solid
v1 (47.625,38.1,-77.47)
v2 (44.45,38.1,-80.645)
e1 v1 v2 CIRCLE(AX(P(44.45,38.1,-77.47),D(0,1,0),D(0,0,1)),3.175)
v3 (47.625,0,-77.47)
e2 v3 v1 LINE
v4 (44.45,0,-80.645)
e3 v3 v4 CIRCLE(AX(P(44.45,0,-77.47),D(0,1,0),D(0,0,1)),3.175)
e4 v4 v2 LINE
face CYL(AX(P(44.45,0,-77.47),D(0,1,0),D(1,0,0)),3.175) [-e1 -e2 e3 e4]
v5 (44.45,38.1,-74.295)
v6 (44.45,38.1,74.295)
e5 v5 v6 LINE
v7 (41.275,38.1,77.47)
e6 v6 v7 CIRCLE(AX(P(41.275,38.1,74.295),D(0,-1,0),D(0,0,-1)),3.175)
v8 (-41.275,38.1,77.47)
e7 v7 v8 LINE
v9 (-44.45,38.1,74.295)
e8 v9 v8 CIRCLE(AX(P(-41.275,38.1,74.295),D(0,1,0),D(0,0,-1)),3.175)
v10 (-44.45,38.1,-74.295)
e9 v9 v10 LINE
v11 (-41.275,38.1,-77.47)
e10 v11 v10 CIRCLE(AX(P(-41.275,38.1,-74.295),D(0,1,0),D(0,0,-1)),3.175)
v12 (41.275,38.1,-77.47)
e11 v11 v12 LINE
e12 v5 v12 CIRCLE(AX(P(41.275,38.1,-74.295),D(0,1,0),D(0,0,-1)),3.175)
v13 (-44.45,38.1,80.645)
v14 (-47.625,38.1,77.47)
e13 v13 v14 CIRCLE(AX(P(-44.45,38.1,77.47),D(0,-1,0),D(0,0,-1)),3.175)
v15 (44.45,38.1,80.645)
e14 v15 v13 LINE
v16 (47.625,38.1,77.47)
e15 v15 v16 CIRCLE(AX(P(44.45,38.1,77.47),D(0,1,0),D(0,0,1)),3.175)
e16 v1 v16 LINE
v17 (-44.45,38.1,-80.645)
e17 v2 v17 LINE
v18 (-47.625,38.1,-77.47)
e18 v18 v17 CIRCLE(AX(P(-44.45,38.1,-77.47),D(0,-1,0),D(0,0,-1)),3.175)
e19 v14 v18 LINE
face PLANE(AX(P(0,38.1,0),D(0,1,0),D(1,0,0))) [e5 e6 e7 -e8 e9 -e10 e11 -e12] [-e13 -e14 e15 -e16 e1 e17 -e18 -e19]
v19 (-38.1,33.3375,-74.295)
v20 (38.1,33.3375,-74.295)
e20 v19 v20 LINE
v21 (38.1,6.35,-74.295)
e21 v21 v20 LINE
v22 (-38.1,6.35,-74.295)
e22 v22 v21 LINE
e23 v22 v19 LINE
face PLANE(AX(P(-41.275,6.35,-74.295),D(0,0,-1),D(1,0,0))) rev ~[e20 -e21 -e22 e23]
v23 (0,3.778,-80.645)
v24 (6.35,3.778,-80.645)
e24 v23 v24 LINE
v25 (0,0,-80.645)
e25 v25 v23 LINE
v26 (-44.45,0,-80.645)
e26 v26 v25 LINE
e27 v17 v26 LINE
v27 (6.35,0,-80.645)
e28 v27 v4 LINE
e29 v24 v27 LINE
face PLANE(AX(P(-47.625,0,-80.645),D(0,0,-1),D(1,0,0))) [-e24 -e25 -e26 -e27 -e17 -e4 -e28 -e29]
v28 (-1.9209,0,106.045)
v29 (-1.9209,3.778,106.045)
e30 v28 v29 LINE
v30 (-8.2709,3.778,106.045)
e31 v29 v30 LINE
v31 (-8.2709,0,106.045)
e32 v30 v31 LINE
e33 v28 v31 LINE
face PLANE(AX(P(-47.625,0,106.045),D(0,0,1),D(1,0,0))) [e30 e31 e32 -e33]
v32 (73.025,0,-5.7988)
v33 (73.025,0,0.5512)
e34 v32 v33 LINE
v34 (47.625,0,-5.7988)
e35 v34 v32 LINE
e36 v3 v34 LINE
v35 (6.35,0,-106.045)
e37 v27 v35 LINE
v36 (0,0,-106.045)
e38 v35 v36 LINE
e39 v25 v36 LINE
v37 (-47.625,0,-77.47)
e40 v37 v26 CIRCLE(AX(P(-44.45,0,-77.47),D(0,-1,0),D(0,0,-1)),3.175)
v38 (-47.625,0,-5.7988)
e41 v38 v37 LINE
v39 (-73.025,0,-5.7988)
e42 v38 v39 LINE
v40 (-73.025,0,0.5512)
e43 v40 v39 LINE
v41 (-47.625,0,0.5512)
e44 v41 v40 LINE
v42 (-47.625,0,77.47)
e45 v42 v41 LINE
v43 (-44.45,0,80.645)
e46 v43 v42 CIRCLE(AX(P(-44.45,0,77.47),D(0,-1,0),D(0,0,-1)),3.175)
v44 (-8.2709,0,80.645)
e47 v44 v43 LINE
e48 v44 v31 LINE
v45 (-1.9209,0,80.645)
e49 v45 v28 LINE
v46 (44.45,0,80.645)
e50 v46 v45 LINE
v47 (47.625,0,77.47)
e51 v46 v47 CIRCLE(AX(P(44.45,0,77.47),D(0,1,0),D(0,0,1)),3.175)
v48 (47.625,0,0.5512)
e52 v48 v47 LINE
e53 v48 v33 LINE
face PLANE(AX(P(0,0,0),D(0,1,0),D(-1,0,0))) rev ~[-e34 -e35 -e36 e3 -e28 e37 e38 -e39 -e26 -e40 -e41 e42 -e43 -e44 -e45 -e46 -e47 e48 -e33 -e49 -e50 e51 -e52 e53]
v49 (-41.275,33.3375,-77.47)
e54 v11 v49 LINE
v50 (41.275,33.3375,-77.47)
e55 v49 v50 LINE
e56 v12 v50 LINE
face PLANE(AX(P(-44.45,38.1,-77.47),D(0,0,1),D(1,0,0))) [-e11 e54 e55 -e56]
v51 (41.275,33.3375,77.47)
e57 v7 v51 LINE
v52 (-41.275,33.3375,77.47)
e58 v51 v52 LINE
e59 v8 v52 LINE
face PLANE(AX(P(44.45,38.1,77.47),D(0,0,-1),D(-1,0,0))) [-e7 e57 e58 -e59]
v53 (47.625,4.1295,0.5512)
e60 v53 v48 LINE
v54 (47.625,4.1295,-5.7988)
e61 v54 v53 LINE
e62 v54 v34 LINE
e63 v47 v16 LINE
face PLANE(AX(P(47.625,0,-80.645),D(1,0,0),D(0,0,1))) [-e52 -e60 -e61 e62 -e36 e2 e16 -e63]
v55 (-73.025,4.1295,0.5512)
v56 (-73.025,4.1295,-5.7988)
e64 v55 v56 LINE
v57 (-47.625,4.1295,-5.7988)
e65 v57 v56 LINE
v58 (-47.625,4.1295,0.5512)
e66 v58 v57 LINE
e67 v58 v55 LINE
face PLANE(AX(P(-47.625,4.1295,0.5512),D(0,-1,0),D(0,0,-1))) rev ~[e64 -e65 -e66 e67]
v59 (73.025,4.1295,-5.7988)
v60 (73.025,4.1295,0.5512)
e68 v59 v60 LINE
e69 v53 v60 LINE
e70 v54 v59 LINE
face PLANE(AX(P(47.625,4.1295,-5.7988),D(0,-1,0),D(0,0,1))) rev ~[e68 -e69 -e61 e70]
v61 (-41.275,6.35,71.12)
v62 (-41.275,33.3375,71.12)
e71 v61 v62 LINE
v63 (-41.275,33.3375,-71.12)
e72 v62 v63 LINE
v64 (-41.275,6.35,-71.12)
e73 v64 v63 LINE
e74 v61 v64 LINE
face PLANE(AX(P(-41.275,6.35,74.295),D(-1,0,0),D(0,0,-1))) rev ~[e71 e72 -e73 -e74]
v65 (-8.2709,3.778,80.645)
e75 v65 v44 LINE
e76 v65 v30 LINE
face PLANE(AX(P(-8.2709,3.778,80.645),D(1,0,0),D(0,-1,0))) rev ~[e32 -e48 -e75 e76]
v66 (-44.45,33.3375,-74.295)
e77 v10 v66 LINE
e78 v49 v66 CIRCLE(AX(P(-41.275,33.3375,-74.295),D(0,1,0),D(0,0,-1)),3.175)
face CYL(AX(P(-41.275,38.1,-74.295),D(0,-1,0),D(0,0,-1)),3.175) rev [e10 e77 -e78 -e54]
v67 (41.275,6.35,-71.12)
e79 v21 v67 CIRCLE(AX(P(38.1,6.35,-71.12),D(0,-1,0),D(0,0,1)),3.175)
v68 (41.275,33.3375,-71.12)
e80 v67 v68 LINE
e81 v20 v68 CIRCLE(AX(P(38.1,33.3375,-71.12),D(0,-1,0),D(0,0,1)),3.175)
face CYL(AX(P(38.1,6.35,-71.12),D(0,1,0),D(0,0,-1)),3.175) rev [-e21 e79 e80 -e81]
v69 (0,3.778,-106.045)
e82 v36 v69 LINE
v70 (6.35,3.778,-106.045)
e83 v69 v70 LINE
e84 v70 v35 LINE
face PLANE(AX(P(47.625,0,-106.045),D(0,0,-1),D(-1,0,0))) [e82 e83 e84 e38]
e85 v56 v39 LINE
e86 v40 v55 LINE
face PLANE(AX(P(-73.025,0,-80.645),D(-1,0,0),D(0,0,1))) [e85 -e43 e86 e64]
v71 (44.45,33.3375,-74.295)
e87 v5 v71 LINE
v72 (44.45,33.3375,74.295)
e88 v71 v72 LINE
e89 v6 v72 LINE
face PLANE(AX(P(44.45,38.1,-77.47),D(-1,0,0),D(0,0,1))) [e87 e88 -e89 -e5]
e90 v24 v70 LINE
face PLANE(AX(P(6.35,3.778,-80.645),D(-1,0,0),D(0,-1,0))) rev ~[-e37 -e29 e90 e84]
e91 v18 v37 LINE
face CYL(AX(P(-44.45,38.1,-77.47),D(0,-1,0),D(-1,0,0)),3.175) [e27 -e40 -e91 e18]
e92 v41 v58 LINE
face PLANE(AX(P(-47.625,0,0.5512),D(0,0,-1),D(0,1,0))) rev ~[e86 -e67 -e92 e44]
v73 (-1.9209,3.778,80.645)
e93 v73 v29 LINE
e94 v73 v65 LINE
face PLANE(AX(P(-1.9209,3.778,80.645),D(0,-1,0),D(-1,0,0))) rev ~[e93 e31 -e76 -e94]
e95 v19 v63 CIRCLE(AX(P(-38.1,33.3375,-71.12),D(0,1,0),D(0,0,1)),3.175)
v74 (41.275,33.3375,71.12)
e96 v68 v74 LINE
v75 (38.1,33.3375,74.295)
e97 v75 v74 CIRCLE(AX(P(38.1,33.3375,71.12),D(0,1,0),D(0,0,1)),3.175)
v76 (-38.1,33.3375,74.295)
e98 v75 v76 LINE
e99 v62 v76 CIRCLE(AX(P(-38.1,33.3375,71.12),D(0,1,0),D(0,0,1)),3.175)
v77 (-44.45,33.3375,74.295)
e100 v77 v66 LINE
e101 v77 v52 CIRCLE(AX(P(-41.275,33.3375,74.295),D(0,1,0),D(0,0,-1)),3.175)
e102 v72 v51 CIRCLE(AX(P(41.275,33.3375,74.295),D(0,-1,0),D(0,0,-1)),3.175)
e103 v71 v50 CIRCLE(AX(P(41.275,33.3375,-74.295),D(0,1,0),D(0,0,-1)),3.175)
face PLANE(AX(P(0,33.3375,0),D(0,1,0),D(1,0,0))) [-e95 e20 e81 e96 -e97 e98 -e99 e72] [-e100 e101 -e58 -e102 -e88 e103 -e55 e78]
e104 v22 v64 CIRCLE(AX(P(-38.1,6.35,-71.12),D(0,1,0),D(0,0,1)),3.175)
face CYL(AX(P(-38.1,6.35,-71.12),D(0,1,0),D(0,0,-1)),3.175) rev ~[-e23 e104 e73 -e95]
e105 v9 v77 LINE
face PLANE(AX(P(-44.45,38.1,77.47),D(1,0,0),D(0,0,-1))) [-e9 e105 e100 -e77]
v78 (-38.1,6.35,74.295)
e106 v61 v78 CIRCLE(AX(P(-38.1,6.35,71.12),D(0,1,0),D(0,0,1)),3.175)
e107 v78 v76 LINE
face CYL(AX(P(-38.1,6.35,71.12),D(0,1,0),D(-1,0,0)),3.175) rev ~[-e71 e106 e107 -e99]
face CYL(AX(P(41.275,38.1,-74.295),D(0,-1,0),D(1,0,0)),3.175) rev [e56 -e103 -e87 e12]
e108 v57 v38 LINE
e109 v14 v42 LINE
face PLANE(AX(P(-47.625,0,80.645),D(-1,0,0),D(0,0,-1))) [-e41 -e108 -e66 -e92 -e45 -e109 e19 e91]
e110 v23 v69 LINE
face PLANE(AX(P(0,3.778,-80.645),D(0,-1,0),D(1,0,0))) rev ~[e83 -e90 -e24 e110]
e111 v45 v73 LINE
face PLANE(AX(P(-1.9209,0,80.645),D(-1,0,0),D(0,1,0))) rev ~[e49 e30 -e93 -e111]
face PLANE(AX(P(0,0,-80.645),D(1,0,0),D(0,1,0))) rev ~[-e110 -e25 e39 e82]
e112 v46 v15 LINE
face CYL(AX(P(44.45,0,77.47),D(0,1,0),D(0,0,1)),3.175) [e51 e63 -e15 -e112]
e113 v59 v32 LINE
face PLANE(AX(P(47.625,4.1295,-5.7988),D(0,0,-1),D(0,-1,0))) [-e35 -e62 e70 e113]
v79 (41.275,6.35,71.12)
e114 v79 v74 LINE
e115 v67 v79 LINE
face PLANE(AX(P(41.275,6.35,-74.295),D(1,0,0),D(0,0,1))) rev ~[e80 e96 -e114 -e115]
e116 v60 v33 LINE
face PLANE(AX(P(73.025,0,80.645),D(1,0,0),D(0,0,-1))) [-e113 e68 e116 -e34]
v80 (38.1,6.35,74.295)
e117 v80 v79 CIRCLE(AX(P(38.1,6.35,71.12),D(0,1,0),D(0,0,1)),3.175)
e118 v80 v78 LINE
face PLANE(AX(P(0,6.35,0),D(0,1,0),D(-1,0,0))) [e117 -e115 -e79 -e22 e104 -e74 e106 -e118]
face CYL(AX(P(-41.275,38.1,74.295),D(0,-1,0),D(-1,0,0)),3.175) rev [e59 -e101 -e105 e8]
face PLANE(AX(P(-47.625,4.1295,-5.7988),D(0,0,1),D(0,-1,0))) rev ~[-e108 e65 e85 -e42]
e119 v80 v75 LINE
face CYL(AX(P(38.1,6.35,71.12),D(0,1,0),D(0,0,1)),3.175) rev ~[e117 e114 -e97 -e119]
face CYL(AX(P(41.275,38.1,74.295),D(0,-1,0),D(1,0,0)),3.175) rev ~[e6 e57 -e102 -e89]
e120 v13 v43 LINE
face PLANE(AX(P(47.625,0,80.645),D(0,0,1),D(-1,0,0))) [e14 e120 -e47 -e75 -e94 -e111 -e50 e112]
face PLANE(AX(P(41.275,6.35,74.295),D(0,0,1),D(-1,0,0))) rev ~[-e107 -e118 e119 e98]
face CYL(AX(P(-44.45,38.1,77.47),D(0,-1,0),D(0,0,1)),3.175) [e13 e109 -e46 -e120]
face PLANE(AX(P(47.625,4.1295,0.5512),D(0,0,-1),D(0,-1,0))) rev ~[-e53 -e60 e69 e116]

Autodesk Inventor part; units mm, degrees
ref_plane "YZ Plane" through (0, 0, 0) normal (1, 0, 0) x (0, 1, 0)
ref_plane "XZ Plane" through (0, 0, 0) normal (0, 1, 0) x (-1, 0, 0)
ref_plane "XY Plane" through (0, 0, 0) normal (0, 0, 1) x (1, 0, 0)
sketch "Sketch2" plane through (0, 0, 0) normal (0, 1, 0) x (-1, 0, 0)
  line L0 (-47.625, 80.645) -> (47.625, 80.645)
  line L1 (47.625, 80.645) -> (47.625, -80.645)
  line L2 (47.625, -80.645) -> (-47.625, -80.645)
  line L3 (-47.625, -80.645) -> (-47.625, 80.645)
  line L4 (-47.625, 80.645) -> (47.625, -80.645) construction
  line L5 (47.625, 80.645) -> (-47.625, -80.645) construction
  point P0 (0, 0)
  dimension "d6" = 161.29
  dimension "d7" = 95.25
extrude "Extrusion2" add sketch "Sketch2" along normal blind 6.35
sketch "Sketch3" plane through (0, 6.35, 0) normal (0, 1, 0) x (1, 0, 0)
  line L0 (47.625, 80.645) -> (-47.625, 80.645) projected
  line L1 (47.625, -80.645) -> (-47.625, -80.645)
  line L2 (-47.625, -80.645) -> (-47.625, 80.645)
  line L3 (-47.625, 80.645) -> (47.625, 80.645)
  line L4 (47.625, 80.645) -> (47.625, -80.645)
  line L5 (47.625, -80.645) -> (-47.625, 80.645) construction
  line L6 (-47.625, -80.645) -> (47.625, 80.645) construction
  line L7 (41.275, -74.295) -> (-41.275, -74.295)
  line L8 (-41.275, -74.295) -> (-41.275, 74.295)
  line L9 (-41.275, 74.295) -> (41.275, 74.295)
  line L10 (41.275, 74.295) -> (41.275, -74.295)
  line L11 (41.275, -74.295) -> (-41.275, 74.295) construction
  line L12 (-41.275, -74.295) -> (41.275, 74.295) construction
  point P0 (0, 0)
  dimension "d10" = 148.59
  dimension "d11" = 82.55
extrude "Extrusion3" add sketch "Sketch3" along normal blind 31.75
sketch "Sketch6" plane through (0, 38.1, 0) normal (0, 1, 0) x (1, 0, 0)
  line L0 (44.45, -77.47) -> (-44.45, -77.47)
  line L1 (-44.45, -77.47) -> (-44.45, 77.47)
  line L2 (-44.45, 77.47) -> (44.45, 77.47)
  line L3 (44.45, 77.47) -> (44.45, -77.47)
  line L4 (44.45, -77.47) -> (-44.45, 77.47) construction
  line L5 (-44.45, -77.47) -> (44.45, 77.47) construction
  point P0 (0, 0)
  dimension "d29" = 154.94
  dimension "d30" = 88.9
extrude "Extrusion6" cut sketch "Sketch6" against normal blind 4.7625
sketch "Sketch9" plane through (-47.625, 0, -80.645) normal (-1, 0, 0) x (0, 0, 1)
  line L0 (161.29, 0) -> (0, 0) projected
  line L1 (74.8462, 0) -> (81.1962, 0)
  line L2 (81.1962, 0) -> (81.1962, 4.1295)
  line L3 (81.1962, 4.1295) -> (74.8462, 4.1295)
  line L4 (74.8462, 4.1295) -> (74.8462, 0)
  point P0 (80.645, 0)
  dimension "d57" = 6.35
extrude "Extrusion9" add sketch "Sketch9" along normal blind 25.4
sketch "Sketch10" plane through (-47.625, 0, 80.645) normal (0, 0, 1) x (1, 0, 0)
  line L0 (95.25, 0) -> (0, 0) projected
  line L1 (39.3541, 0) -> (45.7041, 0)
  line L2 (45.7041, 0) -> (45.7041, 3.778)
  line L3 (45.7041, 3.778) -> (39.3541, 3.778)
  line L4 (39.3541, 3.778) -> (39.3541, 0)
  point P0 (47.625, 0)
  dimension "d56" = 6.35
extrude "Extrusion10" add sketch "Sketch10" along normal blind 25.4
sketch "Sketch11" plane through (47.625, 0, 80.645) normal (1, 0, 0) x (0, 0, -1)
  line L0 (161.29, 0) -> (0, 0) projected
  line L1 (86.4438, 4.1295) -> (86.4438, 0) projected
  line L2 (80.0938, 0) -> (86.4438, 0)
  line L3 (86.4438, 0) -> (86.4438, 4.1295)
  line L4 (86.4438, 4.1295) -> (80.0938, 4.1295)
  line L5 (80.0938, 4.1295) -> (80.0938, 0)
  point P0 (80.645, 0)
  dimension "d55" = 6.35
extrude "Extrusion11" add sketch "Sketch11" along normal blind 25.4
sketch "Sketch12" plane through (47.625, 0, -80.645) normal (0, 0, -1) x (-1, 0, 0)
  line L0 (41.275, 0) -> (47.625, 0)
  line L1 (47.625, 0) -> (47.625, 3.778)
  line L2 (47.625, 3.778) -> (41.275, 3.778)
  line L3 (41.275, 3.778) -> (41.275, 0)
  dimension "d54" = 6.35
extrude "Extrusion12" add sketch "Sketch12" along normal blind 25.4
fillet "Fillet1" radius 3.175 12 edges at (47.625, 19.05, 80.645) (47.625, 19.05, -80.645) (-47.625, 19.05, -80.645) (-47.625, 19.05, 80.645) (44.45, 35.7187, -77.47) (41.275, 19.8437, -74.295) (-41.275, 19.8437, -74.295) (-44.45, 35.7187, -77.47) (-41.275, 19.8437, 74.295) (-44.45, 35.7187, 77.47) (41.275, 19.8437, 74.295) (44.45, 35.7187, 77.47)
properties part number "iceTubeClockBase"
